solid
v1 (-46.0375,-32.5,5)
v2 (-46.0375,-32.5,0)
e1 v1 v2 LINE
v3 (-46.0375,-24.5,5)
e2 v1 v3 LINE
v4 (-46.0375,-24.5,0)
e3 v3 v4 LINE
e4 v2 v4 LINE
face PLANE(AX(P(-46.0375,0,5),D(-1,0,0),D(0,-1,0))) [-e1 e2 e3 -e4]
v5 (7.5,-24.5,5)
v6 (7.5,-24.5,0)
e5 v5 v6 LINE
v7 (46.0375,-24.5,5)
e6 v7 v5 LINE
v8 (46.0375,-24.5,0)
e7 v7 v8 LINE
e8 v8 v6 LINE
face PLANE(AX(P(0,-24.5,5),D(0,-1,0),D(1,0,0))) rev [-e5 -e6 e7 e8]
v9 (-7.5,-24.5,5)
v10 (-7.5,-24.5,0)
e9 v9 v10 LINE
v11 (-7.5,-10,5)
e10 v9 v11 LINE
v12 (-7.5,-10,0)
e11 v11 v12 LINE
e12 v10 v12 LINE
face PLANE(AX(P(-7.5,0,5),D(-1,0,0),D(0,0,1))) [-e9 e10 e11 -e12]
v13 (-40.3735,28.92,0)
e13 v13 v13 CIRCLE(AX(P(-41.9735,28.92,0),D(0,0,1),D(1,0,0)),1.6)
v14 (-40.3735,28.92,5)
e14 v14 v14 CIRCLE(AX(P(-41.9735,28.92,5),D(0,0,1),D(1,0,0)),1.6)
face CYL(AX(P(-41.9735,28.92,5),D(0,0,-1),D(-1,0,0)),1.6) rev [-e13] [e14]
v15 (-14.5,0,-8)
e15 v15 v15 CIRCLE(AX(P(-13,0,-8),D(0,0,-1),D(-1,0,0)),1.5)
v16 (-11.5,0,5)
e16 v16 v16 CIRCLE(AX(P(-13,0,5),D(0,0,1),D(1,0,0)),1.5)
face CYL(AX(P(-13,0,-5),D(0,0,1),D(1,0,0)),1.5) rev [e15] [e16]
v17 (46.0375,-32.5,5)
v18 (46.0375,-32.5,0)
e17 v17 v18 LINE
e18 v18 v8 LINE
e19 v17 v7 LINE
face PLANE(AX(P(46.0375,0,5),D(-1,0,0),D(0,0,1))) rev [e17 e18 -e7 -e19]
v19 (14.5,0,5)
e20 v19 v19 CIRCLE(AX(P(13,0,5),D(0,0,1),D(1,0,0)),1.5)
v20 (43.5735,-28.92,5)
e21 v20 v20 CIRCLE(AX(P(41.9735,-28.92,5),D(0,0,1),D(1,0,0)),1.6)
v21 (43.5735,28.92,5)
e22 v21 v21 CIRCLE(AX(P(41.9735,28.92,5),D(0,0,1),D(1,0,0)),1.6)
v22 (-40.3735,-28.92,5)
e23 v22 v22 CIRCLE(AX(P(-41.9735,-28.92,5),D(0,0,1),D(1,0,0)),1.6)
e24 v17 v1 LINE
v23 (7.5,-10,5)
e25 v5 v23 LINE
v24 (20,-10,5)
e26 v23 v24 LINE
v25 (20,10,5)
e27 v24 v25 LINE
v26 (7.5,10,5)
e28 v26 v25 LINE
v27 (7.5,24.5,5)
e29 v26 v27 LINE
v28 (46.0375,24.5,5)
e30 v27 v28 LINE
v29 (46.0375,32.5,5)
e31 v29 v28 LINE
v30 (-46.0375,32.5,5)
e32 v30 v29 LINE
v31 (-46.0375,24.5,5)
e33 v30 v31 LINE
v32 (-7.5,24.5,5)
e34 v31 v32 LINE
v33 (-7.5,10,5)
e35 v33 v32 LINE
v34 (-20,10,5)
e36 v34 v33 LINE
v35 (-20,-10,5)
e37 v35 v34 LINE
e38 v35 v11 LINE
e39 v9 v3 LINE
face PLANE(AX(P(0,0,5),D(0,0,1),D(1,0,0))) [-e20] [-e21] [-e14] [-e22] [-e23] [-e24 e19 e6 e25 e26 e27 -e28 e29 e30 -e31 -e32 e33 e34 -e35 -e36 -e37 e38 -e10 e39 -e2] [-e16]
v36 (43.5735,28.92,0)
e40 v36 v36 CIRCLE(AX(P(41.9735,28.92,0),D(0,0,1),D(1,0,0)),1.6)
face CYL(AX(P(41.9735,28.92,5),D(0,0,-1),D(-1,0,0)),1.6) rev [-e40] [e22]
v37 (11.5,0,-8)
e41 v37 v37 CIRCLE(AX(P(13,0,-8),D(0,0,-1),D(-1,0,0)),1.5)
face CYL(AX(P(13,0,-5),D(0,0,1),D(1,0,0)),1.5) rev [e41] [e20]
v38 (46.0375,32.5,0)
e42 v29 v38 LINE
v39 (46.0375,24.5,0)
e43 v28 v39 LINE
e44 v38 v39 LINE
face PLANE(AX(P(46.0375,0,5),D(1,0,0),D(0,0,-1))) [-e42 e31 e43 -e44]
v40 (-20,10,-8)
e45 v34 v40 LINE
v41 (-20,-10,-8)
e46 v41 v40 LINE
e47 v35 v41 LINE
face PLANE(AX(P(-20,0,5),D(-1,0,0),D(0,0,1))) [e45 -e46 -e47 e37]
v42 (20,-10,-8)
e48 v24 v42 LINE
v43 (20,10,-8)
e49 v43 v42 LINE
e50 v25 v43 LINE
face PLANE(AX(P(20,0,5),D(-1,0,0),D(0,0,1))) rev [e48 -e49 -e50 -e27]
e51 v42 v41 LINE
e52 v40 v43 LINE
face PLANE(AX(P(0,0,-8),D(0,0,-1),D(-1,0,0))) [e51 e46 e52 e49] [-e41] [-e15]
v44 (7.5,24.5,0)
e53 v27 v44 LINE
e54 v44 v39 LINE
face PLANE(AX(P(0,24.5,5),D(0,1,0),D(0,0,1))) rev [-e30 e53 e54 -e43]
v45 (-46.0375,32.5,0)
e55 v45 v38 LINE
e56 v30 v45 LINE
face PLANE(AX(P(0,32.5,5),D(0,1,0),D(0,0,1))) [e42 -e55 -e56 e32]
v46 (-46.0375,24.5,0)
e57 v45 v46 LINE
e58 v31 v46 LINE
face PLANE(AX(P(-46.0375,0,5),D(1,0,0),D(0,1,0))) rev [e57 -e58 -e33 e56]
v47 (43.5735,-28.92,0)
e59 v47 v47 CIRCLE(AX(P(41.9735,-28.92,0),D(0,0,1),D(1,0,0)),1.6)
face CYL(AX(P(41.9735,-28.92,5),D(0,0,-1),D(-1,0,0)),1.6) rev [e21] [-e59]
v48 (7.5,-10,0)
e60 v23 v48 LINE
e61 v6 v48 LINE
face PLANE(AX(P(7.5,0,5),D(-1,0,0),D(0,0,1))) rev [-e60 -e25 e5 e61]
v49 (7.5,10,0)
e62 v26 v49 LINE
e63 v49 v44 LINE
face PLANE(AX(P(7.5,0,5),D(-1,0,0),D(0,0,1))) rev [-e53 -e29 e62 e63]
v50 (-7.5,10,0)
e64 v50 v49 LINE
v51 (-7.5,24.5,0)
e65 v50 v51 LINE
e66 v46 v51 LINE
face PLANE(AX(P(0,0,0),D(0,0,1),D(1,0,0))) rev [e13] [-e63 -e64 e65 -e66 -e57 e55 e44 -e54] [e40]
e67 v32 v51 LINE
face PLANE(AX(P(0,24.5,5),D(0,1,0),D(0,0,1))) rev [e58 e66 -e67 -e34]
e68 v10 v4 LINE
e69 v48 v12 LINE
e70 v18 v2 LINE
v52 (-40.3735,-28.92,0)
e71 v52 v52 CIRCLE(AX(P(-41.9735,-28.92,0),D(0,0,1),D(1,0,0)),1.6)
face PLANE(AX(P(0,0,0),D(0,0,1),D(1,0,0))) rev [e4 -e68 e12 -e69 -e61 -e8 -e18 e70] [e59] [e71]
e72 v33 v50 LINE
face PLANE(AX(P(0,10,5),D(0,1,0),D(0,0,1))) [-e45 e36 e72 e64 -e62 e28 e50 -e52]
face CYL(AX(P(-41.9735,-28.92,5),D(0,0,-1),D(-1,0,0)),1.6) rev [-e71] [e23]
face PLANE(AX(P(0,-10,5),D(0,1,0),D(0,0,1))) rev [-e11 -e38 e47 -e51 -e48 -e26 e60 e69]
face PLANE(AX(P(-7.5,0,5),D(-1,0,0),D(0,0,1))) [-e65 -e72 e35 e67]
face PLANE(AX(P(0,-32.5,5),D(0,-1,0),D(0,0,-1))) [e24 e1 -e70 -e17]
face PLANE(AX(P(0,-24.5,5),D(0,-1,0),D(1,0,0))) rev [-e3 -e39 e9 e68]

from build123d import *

# Parameters (mm, degrees)
SKETCH_1_W          = 92.075
SKETCH_1_H          = 8
SKETCH_1_R          = 1.6
SKETCH_1_W_2        = 12.5
SKETCH_1_H_2        = 20
SKETCH_1_W_3        = 15
SKETCH_1_H_3        = 14.5
EXTRUDE_1_DEPTH     = 5
SKETCH_2_R          = 1.5
CUT_EXTRUDE_1_DEPTH = 10
SKETCH_4_W          = 40
SKETCH_4_H          = 20
SKETCH_4_R          = 1.5
EXTRUDE_3_DEPTH     = 8


with BuildPart() as part:
    # 草图1 → 凸台-拉伸1 (new body)
    # profile 1 of 7: a face of its own
    with BuildSketch(Plane.XY):
        with Locations((0, 28.5)):
            Rectangle(SKETCH_1_W, SKETCH_1_H)
        with Locations((41.9735, 28.92)):
            Circle(SKETCH_1_R, mode=Mode.SUBTRACT)
        with Locations((-41.9735, 28.92)):
            Circle(SKETCH_1_R, mode=Mode.SUBTRACT)
    # profile 2 of 7: a face of its own
    with BuildSketch(Plane.XY):
        with Locations((13.75, 0)):
            Rectangle(SKETCH_1_W_2, SKETCH_1_H_2)
    # profile 3 of 7: a face of its own
    with BuildSketch(Plane.XY):
        Rectangle(SKETCH_1_W_3, SKETCH_1_H_2)
    # profile 4 of 7: a face of its own
    with BuildSketch(Plane.XY):
        with Locations((-13.75, 0)):
            Rectangle(SKETCH_1_W_2, SKETCH_1_H_2)
    # profile 5 of 7: a face of its own
    with BuildSketch(Plane.XY):
        with Locations((0, 17.25)):
            Rectangle(SKETCH_1_W_3, SKETCH_1_H_3)
    # profile 6 of 7: a face of its own
    with BuildSketch(Plane.XY):
        with Locations((0, -28.5)):
            Rectangle(SKETCH_1_W, SKETCH_1_H)
        with Locations((-41.9735, -28.92)):
            Circle(SKETCH_1_R, mode=Mode.SUBTRACT)
        with Locations((41.9735, -28.92)):
            Circle(SKETCH_1_R, mode=Mode.SUBTRACT)
    # profile 7 of 7: a face of its own
    with BuildSketch(Plane.XY):
        with Locations((0, -17.25)):
            Rectangle(SKETCH_1_W_3, SKETCH_1_H_3)
    extrude(amount=EXTRUDE_1_DEPTH)

    # 草图2 → 切除-拉伸1 (cut)
    with BuildSketch(Plane.XY.offset(5)):
        with Locations((13, 0)):
            Circle(SKETCH_2_R)
        with Locations((-13, 0)):
            Circle(SKETCH_2_R)
    extrude(amount=-CUT_EXTRUDE_1_DEPTH, mode=Mode.SUBTRACT)

    # 草图4 → 凸台-拉伸3 (add)
    with BuildSketch(Plane(origin=(0, 0, 0), x_dir=(-1, 0, 0), z_dir=(0, 0, -1))):
        Rectangle(SKETCH_4_W, SKETCH_4_H)
        with Locations(Location((-13, 0, 0), (0, 0, 180))):
            Circle(SKETCH_4_R, mode=Mode.SUBTRACT)
        with Locations(Location((13, 0, 0), (0, 0, 180))):
            Circle(SKETCH_4_R, mode=Mode.SUBTRACT)
    extrude(amount=EXTRUDE_3_DEPTH)


solid = part.part
